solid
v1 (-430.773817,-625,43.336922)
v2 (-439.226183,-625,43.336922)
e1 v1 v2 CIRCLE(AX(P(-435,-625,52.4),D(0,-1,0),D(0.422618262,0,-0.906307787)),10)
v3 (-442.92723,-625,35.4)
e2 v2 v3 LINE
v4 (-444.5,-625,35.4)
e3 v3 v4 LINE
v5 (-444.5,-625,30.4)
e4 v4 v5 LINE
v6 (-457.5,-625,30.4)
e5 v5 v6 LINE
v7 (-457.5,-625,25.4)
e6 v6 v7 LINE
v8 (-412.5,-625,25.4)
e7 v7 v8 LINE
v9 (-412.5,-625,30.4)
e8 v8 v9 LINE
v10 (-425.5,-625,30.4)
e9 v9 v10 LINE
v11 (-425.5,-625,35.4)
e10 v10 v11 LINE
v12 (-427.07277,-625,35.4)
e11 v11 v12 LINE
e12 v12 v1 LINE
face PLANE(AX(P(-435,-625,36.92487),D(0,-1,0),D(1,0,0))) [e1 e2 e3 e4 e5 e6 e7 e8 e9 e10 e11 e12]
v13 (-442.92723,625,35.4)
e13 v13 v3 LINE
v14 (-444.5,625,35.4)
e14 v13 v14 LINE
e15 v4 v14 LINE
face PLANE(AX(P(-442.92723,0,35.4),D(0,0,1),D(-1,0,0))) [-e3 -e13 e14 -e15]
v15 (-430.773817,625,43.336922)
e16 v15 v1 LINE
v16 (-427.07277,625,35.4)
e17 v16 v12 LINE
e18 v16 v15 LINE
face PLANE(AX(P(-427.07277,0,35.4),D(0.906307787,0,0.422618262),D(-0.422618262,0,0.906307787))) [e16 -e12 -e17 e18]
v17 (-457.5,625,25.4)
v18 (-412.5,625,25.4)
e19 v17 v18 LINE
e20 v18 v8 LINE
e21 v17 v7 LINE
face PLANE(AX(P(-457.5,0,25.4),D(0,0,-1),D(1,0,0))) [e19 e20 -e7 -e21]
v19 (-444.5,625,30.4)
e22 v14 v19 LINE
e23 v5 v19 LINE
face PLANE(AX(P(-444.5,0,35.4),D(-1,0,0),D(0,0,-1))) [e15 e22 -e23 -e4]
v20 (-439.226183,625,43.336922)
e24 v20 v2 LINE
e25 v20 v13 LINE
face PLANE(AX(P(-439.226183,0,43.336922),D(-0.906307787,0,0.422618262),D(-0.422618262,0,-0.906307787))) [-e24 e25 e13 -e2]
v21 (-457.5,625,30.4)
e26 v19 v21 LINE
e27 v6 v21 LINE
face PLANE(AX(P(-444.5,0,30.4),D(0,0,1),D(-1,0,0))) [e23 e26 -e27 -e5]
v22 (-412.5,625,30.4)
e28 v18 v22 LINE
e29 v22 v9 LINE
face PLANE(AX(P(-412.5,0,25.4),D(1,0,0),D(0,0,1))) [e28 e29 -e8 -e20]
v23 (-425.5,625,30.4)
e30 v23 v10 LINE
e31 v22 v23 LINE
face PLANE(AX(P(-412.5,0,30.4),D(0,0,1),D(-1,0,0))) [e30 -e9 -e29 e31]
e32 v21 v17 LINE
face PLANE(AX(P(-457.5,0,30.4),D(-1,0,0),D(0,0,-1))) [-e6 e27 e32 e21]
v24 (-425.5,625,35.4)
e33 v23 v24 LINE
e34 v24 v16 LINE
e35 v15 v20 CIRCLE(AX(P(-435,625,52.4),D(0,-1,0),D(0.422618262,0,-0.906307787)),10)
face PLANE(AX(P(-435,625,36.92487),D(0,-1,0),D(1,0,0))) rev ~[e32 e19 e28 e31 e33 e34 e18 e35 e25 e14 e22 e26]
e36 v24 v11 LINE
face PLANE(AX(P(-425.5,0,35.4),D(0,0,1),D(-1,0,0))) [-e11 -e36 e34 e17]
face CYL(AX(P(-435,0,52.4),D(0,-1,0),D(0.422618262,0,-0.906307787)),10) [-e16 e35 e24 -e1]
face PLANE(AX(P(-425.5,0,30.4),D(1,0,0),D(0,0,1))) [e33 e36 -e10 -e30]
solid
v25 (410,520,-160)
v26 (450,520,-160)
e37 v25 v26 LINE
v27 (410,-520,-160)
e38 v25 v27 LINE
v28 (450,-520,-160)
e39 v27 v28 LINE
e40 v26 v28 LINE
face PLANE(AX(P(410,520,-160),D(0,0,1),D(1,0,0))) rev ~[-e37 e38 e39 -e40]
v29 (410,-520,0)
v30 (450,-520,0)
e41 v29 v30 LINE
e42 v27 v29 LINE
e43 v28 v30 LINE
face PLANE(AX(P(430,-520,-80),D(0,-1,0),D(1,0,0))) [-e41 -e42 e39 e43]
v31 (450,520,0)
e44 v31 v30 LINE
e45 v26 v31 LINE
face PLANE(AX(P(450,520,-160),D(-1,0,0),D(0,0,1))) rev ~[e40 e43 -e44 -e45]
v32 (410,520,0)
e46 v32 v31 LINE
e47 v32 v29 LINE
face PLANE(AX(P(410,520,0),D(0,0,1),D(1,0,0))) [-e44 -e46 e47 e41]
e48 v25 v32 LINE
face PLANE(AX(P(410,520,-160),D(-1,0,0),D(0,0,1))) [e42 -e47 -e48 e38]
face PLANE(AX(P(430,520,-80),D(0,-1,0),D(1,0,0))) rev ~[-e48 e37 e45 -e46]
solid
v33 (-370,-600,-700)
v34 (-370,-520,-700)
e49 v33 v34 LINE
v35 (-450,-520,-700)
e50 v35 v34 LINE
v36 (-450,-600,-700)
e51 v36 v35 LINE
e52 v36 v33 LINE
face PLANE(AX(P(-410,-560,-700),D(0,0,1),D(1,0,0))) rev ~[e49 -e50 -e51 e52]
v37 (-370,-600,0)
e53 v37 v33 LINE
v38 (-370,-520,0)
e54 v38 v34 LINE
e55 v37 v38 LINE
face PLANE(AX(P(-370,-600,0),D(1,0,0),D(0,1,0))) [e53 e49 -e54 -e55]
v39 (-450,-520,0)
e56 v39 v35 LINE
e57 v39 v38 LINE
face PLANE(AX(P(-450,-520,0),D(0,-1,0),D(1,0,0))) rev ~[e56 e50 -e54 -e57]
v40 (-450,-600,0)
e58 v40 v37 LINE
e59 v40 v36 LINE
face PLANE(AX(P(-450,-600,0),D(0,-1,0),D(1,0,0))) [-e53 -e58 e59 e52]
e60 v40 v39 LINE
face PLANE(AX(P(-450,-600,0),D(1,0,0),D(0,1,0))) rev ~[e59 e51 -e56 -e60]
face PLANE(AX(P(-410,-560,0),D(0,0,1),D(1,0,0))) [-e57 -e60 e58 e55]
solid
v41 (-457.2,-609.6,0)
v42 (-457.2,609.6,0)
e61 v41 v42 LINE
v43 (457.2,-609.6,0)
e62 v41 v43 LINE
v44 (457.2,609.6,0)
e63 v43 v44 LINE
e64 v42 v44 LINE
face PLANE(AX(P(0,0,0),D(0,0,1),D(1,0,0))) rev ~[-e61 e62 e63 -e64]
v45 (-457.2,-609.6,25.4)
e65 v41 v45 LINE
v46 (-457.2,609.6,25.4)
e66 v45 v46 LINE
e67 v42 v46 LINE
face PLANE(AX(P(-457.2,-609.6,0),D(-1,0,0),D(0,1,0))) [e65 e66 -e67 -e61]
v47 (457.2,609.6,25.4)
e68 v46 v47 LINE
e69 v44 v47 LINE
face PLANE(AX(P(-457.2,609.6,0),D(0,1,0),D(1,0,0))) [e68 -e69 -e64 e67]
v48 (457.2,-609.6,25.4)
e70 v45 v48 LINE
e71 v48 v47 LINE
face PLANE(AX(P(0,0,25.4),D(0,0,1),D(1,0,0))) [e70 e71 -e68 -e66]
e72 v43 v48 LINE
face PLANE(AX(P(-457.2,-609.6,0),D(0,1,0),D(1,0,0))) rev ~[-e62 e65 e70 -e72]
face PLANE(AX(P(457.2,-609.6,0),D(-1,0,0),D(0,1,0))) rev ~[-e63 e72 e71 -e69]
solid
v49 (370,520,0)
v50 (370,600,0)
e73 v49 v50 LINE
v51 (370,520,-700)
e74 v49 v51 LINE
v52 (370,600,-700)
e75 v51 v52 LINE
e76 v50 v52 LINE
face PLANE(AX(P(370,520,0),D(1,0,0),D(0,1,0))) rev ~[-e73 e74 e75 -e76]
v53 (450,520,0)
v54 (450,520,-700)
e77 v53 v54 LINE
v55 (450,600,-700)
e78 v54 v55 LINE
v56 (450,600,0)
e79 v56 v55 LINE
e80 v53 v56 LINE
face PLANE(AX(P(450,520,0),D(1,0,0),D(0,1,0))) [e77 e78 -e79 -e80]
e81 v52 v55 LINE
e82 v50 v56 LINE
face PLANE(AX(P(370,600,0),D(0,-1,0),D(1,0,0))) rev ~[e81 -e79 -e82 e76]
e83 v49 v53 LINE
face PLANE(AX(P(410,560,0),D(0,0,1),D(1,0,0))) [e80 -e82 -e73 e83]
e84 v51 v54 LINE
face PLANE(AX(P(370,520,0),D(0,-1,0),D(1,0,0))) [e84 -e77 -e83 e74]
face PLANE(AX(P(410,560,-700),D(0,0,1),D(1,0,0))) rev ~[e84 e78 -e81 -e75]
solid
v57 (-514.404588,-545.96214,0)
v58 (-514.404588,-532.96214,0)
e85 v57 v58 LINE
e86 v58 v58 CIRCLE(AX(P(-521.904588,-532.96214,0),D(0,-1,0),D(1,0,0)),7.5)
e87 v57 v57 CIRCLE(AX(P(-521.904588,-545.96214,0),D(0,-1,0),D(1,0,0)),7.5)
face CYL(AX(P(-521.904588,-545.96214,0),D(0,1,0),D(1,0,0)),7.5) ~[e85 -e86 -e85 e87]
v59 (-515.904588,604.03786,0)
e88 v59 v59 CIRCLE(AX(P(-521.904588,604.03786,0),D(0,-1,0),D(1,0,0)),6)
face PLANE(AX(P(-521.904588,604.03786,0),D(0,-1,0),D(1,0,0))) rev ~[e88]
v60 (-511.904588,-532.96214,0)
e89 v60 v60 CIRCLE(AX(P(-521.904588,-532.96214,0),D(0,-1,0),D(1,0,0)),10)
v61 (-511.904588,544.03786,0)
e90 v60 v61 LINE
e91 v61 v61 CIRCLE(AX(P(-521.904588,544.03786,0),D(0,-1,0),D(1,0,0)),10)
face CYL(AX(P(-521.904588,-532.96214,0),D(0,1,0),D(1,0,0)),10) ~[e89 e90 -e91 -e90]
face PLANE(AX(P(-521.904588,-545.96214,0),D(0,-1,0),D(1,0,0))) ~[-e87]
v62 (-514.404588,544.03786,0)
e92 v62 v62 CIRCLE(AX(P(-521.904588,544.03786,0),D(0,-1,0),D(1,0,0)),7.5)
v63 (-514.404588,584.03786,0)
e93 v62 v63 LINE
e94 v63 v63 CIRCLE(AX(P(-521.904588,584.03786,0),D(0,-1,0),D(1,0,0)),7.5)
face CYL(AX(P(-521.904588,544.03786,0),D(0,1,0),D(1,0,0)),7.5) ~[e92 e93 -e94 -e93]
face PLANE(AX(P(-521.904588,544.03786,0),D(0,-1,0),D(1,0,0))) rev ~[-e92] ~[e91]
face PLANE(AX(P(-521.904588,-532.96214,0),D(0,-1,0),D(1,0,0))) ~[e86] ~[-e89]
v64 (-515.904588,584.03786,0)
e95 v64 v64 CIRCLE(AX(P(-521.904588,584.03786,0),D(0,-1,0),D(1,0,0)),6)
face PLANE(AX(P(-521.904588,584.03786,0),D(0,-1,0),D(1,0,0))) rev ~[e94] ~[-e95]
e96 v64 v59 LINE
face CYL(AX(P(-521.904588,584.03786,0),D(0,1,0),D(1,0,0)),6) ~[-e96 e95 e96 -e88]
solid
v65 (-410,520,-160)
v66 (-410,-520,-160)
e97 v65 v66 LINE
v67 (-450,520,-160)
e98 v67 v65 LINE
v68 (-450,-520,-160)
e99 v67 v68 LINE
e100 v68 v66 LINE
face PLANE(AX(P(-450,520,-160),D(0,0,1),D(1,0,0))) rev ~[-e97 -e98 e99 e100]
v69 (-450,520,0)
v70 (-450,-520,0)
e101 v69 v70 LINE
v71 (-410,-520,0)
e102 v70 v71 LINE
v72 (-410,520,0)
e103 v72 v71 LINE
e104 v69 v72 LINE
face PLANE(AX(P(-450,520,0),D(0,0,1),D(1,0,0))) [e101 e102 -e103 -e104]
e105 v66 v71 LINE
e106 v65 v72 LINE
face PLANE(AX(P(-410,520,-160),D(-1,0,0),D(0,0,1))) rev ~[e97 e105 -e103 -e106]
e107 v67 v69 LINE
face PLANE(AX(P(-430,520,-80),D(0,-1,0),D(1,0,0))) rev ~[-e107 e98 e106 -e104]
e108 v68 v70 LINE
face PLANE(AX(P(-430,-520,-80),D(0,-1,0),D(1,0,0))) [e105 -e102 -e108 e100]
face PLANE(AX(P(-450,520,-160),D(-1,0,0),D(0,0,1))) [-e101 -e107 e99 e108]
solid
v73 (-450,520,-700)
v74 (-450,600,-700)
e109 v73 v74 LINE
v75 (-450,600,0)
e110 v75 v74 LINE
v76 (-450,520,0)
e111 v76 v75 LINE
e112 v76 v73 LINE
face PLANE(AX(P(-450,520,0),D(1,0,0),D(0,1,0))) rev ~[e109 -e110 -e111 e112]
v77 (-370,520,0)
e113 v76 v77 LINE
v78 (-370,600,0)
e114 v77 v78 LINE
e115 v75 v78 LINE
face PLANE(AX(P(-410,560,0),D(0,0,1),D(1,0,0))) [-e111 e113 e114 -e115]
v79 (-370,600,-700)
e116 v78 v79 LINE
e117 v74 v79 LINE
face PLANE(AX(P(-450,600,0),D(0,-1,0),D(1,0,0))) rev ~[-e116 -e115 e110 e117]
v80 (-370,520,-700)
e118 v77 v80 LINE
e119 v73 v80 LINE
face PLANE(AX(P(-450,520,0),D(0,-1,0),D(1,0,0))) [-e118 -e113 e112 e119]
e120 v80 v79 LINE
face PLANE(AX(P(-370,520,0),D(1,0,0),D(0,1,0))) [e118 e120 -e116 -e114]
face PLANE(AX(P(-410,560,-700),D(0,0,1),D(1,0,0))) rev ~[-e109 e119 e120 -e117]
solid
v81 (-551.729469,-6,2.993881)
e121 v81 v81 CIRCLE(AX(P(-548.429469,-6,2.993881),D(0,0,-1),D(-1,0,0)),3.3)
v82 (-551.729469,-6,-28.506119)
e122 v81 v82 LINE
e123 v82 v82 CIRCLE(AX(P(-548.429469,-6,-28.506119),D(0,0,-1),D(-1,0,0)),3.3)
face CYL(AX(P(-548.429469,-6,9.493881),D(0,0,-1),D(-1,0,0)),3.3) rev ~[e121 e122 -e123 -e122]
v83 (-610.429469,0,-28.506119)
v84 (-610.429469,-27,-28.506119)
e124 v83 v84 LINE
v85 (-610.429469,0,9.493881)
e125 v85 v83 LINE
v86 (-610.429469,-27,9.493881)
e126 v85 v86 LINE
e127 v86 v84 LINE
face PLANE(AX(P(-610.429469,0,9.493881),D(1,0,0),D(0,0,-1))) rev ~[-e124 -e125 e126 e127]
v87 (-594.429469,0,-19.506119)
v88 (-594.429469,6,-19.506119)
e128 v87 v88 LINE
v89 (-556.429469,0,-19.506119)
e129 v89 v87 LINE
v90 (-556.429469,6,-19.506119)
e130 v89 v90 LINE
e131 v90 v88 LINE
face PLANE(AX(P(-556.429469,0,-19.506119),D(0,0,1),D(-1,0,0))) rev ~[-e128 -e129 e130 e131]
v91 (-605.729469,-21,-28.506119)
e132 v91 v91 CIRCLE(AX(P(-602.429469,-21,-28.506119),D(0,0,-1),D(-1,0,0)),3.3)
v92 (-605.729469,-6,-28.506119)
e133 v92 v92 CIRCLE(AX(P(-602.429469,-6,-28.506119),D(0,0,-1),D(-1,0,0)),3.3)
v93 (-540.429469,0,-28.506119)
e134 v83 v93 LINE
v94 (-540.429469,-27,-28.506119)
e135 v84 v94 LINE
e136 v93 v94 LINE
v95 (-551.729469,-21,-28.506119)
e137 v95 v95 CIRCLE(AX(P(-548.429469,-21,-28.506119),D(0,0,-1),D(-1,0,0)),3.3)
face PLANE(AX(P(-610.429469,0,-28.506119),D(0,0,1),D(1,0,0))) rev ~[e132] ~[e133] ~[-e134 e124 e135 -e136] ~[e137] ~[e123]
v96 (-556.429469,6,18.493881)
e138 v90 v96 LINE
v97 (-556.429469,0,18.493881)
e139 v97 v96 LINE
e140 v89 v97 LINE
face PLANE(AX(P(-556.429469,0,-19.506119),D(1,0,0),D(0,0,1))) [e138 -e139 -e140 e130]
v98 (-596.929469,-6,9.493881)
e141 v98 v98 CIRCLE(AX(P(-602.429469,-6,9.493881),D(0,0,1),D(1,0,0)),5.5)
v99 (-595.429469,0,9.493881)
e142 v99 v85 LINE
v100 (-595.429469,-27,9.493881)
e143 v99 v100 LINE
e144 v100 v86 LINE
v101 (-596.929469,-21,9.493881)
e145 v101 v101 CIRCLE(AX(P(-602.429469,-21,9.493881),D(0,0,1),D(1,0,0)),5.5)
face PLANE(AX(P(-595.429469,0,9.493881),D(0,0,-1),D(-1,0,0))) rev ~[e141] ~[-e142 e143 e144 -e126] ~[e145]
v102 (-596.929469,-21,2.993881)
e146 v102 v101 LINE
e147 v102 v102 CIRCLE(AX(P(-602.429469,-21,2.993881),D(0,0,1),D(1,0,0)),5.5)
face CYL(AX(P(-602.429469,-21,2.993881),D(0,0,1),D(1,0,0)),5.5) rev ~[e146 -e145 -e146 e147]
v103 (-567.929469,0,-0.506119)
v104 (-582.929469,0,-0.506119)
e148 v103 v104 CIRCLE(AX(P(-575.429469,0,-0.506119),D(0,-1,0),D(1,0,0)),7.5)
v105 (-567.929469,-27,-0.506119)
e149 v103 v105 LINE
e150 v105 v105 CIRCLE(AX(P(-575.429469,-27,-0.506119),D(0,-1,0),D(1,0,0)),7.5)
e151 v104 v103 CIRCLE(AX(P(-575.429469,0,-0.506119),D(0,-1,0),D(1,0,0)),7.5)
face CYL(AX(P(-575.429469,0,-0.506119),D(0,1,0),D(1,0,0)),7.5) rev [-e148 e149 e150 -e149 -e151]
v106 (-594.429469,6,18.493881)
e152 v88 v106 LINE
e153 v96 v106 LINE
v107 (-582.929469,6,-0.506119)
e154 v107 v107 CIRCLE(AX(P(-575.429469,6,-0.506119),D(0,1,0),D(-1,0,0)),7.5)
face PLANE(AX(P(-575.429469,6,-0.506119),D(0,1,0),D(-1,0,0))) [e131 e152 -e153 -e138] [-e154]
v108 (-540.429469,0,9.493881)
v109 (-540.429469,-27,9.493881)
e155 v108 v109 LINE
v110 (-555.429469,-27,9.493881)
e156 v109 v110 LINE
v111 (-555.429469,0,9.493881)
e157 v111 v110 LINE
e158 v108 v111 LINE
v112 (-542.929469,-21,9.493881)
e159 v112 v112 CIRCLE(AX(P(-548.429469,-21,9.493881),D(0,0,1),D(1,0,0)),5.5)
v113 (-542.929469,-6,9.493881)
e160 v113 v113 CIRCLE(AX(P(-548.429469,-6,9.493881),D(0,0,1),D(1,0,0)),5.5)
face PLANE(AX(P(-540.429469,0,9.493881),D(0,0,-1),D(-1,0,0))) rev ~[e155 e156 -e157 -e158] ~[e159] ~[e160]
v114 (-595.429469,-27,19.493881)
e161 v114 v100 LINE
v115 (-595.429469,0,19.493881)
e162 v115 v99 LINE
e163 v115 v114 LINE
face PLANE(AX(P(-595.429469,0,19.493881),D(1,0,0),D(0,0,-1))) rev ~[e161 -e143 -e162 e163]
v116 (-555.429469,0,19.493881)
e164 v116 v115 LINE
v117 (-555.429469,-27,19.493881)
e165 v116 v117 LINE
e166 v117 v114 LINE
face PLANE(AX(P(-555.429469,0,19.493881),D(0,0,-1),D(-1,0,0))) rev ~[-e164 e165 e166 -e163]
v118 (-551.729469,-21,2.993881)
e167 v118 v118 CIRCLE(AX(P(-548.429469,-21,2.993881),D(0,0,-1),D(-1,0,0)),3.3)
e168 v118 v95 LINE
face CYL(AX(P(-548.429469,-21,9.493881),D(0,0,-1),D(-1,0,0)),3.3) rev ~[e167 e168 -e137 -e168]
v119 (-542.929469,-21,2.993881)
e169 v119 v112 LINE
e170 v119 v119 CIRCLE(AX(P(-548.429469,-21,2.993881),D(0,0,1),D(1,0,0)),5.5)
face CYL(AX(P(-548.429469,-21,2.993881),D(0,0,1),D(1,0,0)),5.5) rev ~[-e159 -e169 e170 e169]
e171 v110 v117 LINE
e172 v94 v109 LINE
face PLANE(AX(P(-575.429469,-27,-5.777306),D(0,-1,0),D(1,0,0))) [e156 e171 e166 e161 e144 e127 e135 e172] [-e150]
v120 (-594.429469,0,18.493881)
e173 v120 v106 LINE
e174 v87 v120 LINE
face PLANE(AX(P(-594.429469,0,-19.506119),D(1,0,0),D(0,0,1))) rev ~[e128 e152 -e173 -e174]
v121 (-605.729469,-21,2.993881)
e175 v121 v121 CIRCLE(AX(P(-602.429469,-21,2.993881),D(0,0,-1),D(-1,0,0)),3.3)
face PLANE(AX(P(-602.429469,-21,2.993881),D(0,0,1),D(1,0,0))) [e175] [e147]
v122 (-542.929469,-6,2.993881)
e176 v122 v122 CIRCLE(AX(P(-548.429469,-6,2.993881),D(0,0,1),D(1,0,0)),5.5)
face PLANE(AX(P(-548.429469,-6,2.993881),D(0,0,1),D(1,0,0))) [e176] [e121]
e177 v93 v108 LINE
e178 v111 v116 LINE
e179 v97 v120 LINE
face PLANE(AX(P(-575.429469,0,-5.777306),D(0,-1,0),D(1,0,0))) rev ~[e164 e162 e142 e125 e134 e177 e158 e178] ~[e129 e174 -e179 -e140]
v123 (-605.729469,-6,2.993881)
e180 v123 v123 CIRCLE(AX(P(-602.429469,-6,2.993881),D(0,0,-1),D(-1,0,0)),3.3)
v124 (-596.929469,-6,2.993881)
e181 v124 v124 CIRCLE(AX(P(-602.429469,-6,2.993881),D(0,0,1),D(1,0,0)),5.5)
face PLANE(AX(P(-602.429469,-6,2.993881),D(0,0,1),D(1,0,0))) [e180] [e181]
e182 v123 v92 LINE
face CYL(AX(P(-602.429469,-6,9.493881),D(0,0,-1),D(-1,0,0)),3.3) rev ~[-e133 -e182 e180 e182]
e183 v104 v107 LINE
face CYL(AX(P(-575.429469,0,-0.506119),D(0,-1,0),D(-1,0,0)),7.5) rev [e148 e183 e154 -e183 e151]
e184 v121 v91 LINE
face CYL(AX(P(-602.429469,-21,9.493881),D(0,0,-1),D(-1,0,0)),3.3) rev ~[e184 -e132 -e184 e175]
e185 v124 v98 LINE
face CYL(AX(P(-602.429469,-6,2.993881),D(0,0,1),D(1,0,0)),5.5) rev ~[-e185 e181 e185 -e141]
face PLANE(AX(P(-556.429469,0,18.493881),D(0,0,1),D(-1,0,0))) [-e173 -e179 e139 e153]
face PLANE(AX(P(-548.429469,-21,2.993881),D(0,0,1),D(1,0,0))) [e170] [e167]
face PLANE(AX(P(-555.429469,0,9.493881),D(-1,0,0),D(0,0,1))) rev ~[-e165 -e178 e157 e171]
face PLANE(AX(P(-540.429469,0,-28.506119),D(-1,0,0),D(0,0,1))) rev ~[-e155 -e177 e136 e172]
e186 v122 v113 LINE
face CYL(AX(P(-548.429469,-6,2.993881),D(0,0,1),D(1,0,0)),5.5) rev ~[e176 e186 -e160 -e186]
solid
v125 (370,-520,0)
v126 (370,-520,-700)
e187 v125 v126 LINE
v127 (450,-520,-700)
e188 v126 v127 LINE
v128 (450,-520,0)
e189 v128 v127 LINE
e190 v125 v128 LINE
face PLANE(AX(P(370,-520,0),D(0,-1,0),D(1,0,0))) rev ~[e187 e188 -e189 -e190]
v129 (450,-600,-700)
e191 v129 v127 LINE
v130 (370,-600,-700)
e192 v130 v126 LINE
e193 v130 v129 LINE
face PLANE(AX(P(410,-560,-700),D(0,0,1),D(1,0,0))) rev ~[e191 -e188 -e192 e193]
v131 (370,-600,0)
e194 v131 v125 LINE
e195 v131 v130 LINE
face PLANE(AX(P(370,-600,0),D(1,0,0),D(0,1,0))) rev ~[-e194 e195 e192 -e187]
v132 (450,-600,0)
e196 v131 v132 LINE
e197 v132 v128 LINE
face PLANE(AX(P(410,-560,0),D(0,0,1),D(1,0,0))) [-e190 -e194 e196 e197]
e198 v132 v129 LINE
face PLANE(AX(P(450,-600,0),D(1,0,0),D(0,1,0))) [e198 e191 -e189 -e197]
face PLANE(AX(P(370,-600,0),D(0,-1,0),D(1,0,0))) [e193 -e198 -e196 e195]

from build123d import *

# Parameters (mm, degrees)
F0_W            = 80
F0_H            = 80
F1_DEPTH        = 700
F2_W            = 40
F2_H            = 160
F3_DEPTH        = 1040
F0_W_2          = 914.4
F0_H_2          = 1219.2
F4_DEPTH        = 25.4
F6_DEPTH        = 625
F9_R            = 7.5
F10_DEPTH       = 27
F12_D           = 6.6
F12_CBORE_D     = 11
F12_CBORE_DEPTH = 6.5
F13_W           = 38
F13_H           = 38
F13_R           = 7.5
F14_DEPTH       = 6


with BuildPart() as f1:
    # F0 (on Top) → F1 (new body)
    with BuildSketch(Plane.XY):
        with Locations((-410, 560)):
            Rectangle(F0_W, F0_H)
    extrude(amount=-F1_DEPTH)


with BuildPart() as f1b:
    # F0 (on Top) → F1, piece 2 (new body)
    with BuildSketch(Plane.XY):
        with Locations((410, 560)):
            Rectangle(F0_W, F0_H)
    extrude(amount=-F1_DEPTH)


with BuildPart() as f1c:
    # F0 (on Top) → F1, piece 3 (new body)
    with BuildSketch(Plane.XY):
        with Locations((410, -560)):
            Rectangle(F0_W, F0_H)
    extrude(amount=-F1_DEPTH)


with BuildPart() as f1d:
    # F0 (on Top) → F1, piece 4 (new body)
    with BuildSketch(Plane.XY):
        with Locations((-410, -560)):
            Rectangle(F0_W, F0_H)
    extrude(amount=-F1_DEPTH)


with BuildPart() as f3:
    # F2 (on face) → F3 (new body, through all)
    with BuildSketch(Plane.XZ.offset(-520)):
        with Locations((-430, -80)):
            Rectangle(F2_W, F2_H)
    extrude(amount=F3_DEPTH)


with BuildPart() as f3b:
    # F2 (on face) → F3, piece 2 (new body, through all)
    with BuildSketch(Plane.XZ.offset(-520)):
        with Locations((430, -80)):
            Rectangle(F2_W, F2_H)
    extrude(amount=F3_DEPTH)


with BuildPart() as f4:
    # F0 (on Top) → F4 (new body)
    with BuildSketch(Plane.XY):
        Rectangle(F0_W_2, F0_H_2)
        with Locations((-410, -560)):
            Rectangle(F0_W, F0_H, mode=Mode.SUBTRACT)
        with Locations((410, -560)):
            Rectangle(F0_W, F0_H, mode=Mode.SUBTRACT)
        with Locations((-410, 560)):
            Rectangle(F0_W, F0_H, mode=Mode.SUBTRACT)
        with Locations((410, 560)):
            Rectangle(F0_W, F0_H, mode=Mode.SUBTRACT)
        with Locations((-410, 560)):
            Rectangle(F0_W, F0_H)
        with Locations((410, 560)):
            Rectangle(F0_W, F0_H)
        with Locations((410, -560)):
            Rectangle(F0_W, F0_H)
        with Locations((-410, -560)):
            Rectangle(F0_W, F0_H)
    extrude(amount=F4_DEPTH)


with BuildPart() as f6:
    # F5 (on Front) → F6 (new body, symmetric)
    with BuildSketch(Plane.XZ):
        with BuildLine():
            Line((-457.5, 30.4), (-457.5, 25.4))
            Line((-457.5, 25.4), (-412.5, 25.4))
            Line((-412.5, 25.4), (-412.5, 30.4))
            Line((-412.5, 30.4), (-425.5, 30.4))
            Line((-425.5, 30.4), (-425.5, 35.4))
            Line((-425.5, 35.4), (-427.0727698114, 35.4))
            Line((-427.0727698114, 35.4), (-430.7738173826, 43.3369221296))
            ThreePointArc((-430.7738173826, 43.3369221296), (-435, 62.4), (-439.2261826174, 43.3369221296))
            Line((-439.2261826174, 43.3369221296), (-442.9272301886, 35.4))
            Line((-442.9272301886, 35.4), (-444.5, 35.4))
            Line((-444.5, 35.4), (-444.5, 30.4))
            Line((-444.5, 30.4), (-457.5, 30.4))
        make_face()
    extrude(amount=F6_DEPTH, both=True)


with BuildPart() as f8:
    # F7 (on Top) → F8 (revolve)
    with BuildSketch(Plane.XY):
        Polygon((-515.9045877457, 604.0378603052), (-521.9045877457, 604.0378603052), (-521.9045877457, -545.9621396948), (-514.4045877457, -545.9621396948), (-514.4045877457, -532.9621396948), (-511.9045877457, -532.9621396948), (-511.9045877457, 544.0378603052), (-514.4045877457, 544.0378603052), (-514.4045877457, 584.0378603052), (-515.9045877457, 584.0378603052), align=None)
    revolve(axis=Axis((-521.9045877457, 620.2453569924, 0), (0, -1, 0)))


with BuildPart() as f10:
    # F9 (on Front) → F10 (new body)
    with BuildSketch(Plane.XZ):
        Polygon((-540.429469347, -28.5061191786), (-540.429469347, 9.4938808214), (-555.429469347, 9.4938808214), (-555.429469347, 19.4938808214), (-595.429469347, 19.4938808214), (-595.429469347, 9.4938808214), (-610.429469347, 9.4938808214), (-610.429469347, -28.5061191786), align=None)
        with Locations((-575.429469347, -0.5061191786)):
            Circle(F9_R, mode=Mode.SUBTRACT)
    extrude(amount=F10_DEPTH)

    # F12 (through all)
    with Locations(Plane.XY.offset(9.4938808214)):
        with Locations((-602.429469347, -6), (-602.429469347, -21), (-548.429469347, -6), (-548.429469347, -21)):
            CounterBoreHole(F12_D / 2, F12_CBORE_D / 2, F12_CBORE_DEPTH)

    # F13 (on face) → F14 (join)
    with BuildSketch(Plane(origin=(0, 0, 0), x_dir=(-1, 0, 0), z_dir=(0, 1, 0))):
        with Locations((575.429469347, -0.5061191786)):
            Rectangle(F13_W, F13_H)
        with Locations((575.429469347, -0.5061191786)):
            Circle(F13_R, mode=Mode.SUBTRACT)
    extrude(amount=F14_DEPTH)


solid = Compound([f1.part, f1b.part, f1c.part, f1d.part, f3.part, f3b.part, f4.part, f6.part, f8.part, f10.part])
